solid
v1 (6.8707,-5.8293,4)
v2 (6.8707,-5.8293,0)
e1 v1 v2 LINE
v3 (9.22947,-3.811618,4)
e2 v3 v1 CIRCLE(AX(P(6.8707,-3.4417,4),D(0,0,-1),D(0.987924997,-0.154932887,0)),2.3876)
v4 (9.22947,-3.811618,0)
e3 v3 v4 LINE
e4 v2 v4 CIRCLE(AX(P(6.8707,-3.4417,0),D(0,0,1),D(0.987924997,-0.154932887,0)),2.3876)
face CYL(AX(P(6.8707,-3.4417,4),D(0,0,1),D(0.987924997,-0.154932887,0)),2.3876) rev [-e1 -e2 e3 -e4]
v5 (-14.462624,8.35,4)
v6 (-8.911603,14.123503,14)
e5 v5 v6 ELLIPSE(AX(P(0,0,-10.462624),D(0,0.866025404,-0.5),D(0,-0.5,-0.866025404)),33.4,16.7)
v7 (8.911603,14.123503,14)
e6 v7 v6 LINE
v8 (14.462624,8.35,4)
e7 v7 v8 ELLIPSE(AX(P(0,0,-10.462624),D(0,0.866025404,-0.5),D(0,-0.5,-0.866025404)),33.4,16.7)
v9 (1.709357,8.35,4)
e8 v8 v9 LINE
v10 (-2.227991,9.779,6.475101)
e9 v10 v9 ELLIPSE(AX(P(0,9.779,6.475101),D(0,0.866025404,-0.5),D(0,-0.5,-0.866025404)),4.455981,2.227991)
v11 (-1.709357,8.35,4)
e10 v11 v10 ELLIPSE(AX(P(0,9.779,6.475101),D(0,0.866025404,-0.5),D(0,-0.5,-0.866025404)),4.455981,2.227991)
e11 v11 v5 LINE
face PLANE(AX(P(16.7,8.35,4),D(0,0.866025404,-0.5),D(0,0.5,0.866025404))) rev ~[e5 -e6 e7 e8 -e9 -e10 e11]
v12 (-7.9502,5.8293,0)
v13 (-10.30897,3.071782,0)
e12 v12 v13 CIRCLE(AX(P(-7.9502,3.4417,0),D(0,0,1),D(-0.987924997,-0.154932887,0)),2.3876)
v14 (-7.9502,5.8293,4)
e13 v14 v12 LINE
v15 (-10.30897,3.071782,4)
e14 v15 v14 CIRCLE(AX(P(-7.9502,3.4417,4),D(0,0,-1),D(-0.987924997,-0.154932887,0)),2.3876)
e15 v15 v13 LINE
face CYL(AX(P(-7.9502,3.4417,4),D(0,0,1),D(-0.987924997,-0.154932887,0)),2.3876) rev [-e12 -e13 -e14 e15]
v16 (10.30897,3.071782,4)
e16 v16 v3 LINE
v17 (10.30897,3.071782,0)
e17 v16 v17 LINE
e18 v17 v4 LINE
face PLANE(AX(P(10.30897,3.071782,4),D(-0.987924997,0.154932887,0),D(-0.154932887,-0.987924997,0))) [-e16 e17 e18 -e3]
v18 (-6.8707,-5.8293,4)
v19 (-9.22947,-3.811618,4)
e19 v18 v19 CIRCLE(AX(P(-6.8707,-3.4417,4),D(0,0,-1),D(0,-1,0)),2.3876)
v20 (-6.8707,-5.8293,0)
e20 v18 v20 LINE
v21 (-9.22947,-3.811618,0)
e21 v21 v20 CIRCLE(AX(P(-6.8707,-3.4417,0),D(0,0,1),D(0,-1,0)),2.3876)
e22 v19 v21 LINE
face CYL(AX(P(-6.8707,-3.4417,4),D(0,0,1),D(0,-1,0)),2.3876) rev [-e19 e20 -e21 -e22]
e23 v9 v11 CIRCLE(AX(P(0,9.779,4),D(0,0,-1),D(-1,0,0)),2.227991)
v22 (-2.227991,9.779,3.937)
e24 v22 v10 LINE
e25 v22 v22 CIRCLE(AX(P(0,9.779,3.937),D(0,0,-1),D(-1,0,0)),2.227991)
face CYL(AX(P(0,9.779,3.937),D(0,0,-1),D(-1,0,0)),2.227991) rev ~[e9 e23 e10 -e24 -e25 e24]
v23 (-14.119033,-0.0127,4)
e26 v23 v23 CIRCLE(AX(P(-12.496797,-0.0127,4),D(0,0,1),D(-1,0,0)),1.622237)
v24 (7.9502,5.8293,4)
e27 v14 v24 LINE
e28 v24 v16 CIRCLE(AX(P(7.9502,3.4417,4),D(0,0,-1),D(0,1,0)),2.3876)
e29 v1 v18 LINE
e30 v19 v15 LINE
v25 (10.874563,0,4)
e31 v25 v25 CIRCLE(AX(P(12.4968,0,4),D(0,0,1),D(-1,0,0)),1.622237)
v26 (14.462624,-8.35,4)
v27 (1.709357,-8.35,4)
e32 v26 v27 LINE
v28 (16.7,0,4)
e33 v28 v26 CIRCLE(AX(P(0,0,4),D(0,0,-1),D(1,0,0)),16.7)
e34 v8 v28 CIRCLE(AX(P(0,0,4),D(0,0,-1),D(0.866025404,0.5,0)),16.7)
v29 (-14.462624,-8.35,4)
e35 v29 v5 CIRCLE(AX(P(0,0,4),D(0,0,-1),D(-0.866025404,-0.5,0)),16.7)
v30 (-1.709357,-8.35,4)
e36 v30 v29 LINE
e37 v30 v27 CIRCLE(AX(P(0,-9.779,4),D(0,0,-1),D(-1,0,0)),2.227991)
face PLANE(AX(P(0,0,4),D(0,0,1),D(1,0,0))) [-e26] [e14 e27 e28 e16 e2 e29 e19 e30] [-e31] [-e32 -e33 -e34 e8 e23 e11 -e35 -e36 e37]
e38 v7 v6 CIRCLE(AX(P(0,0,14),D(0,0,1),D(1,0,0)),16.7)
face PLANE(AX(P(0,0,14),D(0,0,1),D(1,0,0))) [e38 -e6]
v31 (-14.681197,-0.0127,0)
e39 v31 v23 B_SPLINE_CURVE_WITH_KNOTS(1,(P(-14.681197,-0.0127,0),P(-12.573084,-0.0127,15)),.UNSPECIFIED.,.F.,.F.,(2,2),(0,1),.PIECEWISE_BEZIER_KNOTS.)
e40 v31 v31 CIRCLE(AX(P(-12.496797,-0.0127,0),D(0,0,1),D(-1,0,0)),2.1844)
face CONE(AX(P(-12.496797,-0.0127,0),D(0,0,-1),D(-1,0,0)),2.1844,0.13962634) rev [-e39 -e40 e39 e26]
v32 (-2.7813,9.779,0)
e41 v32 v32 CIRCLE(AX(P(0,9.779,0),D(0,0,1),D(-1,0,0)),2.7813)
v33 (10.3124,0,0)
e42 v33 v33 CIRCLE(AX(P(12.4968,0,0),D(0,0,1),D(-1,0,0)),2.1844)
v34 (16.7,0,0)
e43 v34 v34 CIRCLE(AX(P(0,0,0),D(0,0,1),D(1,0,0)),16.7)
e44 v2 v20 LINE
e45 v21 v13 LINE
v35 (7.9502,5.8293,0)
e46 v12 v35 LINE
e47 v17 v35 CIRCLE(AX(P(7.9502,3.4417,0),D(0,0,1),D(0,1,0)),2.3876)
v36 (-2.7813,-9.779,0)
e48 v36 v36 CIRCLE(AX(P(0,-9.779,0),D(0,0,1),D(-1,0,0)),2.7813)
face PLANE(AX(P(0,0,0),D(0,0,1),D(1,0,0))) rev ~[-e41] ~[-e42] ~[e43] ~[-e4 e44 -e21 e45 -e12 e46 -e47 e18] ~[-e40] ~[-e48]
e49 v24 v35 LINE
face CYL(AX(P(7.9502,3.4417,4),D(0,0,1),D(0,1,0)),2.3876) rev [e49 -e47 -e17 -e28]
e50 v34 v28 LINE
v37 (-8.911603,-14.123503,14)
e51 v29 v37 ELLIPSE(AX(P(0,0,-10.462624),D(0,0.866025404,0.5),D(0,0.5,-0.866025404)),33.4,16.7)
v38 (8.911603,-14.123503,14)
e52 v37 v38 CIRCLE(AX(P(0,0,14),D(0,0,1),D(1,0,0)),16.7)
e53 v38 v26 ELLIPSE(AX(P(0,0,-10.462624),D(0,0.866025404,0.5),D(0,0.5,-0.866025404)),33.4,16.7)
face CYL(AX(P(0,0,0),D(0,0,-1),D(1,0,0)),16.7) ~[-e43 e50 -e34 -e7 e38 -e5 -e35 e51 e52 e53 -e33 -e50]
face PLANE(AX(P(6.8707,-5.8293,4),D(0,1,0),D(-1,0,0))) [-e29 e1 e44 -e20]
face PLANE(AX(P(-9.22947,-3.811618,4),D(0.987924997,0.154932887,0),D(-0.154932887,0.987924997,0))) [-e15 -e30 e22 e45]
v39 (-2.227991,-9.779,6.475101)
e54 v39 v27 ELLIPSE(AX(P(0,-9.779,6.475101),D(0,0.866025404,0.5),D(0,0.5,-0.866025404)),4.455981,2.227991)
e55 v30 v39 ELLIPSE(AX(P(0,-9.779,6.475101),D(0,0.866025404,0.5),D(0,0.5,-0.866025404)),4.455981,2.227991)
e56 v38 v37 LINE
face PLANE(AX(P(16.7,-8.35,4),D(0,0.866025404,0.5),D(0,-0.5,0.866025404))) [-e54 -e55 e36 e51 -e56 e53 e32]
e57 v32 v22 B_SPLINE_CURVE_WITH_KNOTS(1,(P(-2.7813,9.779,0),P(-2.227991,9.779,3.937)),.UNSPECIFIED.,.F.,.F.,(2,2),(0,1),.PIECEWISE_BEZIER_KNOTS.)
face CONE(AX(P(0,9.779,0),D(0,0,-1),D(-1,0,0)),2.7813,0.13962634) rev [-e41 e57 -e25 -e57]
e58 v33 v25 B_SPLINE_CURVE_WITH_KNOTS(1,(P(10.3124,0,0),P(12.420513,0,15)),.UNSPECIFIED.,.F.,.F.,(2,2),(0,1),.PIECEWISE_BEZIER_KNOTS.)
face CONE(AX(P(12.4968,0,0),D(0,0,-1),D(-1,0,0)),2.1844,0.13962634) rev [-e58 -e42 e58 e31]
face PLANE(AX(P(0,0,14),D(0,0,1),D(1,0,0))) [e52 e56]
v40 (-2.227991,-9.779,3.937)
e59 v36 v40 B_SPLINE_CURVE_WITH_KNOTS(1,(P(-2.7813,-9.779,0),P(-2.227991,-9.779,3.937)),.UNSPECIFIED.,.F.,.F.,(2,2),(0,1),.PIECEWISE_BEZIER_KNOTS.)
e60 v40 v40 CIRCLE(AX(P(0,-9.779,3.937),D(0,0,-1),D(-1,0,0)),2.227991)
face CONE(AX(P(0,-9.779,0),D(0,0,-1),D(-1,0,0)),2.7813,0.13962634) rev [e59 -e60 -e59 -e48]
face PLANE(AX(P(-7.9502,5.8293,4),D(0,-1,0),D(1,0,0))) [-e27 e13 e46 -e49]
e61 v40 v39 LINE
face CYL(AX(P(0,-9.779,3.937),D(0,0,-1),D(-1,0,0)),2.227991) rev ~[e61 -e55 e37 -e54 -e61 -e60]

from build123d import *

# Parameters (mm, degrees)
SKETCH1_R           = 16.7
BOSS_EXTRUDE1_DEPTH = 14
SKETCH2_W           = 38.1
SKETCH2_H           = 12.7
CUT_EXTRUDE1_DEPTH  = 10
CUT_EXTRUDE2_DEPTH  = 5
SKETCH4_R           = 2.1844
CUT_EXTRUDE9_DEPTH  = 15
CUT_EXTRUDE9_TAPER  = 8
CUT_EXTRUDE10_DEPTH = 34.4
SKETCH7_R           = 2.7813
CUT_EXTRUDE11_DEPTH = 3.937
CUT_EXTRUDE11_TAPER = 8
SKETCH8_R           = 2.227990734
CUT_EXTRUDE12_DEPTH = 11.063


with BuildPart() as part:
    # Sketch1 → Boss-Extrude1 (new body)
    with BuildSketch(Plane.XY):
        Circle(SKETCH1_R)
    extrude(amount=BOSS_EXTRUDE1_DEPTH)

    # Sketch2 → Cut-Extrude1 (cut)
    with BuildSketch(Plane.XY.offset(14)):
        Rectangle(SKETCH2_W, SKETCH2_H)
    extrude(amount=-CUT_EXTRUDE1_DEPTH, mode=Mode.SUBTRACT)

    # Sketch3 → Cut-Extrude2 (cut, through all)
    with BuildSketch(Plane.XY.offset(4)):
        with BuildLine():
            ThreePointArc((-6.8707, -5.8293), (-8.422701629, -5.256066199), (-9.229469724, -3.811617761))
            Line((-9.229469724, -3.811617761), (-10.308969724, 3.071782239))
            ThreePointArc((-10.308969724, 3.071782239), (-9.764566199, 4.993701629), (-7.9502, 5.8293))
            Line((-7.9502, 5.8293), (7.9502, 5.8293))
            ThreePointArc((7.9502, 5.8293), (9.764566199, 4.993701629), (10.308969724, 3.071782239))
            Line((10.308969724, 3.071782239), (9.229469724, -3.811617761))
            ThreePointArc((9.229469724, -3.811617761), (8.422701629, -5.256066199), (6.8707, -5.8293))
            Line((6.8707, -5.8293), (-6.8707, -5.8293))
        make_face()
    extrude(amount=-CUT_EXTRUDE2_DEPTH, mode=Mode.SUBTRACT)

    # Sketch4 → Cut-Extrude9 (cut, through all)
    with BuildSketch(Plane(origin=(0, 0, 0), x_dir=(-1, 0, 0), z_dir=(0, 0, -1))):
        with Locations((-12.4968, 0)):
            Circle(SKETCH4_R)
        with Locations((12.496796773, -0.0127)):
            Circle(SKETCH4_R)
    extrude(amount=-CUT_EXTRUDE9_DEPTH, taper=CUT_EXTRUDE9_TAPER, mode=Mode.SUBTRACT)

    # Sketch6 → Cut-Extrude10 (cut, through all)
    with BuildSketch(Plane(origin=(16.7, 0, 0), x_dir=(0, 0, -1), z_dir=(1, 0, 0))):
        Polygon((-4, 8.35), (-14, 14.123502692), (-14, 6.35), (-4, 6.35), align=None)
        Polygon((-4, -6.35), (-4, -8.35), (-14, -14.123502692), (-14, -6.35), align=None)
    extrude(amount=-CUT_EXTRUDE10_DEPTH, mode=Mode.SUBTRACT)

    # Sketch7 → Cut-Extrude11 (cut)
    with BuildSketch(Plane(origin=(0, 0, 0), x_dir=(-1, 0, 0), z_dir=(0, 0, -1))):
        with Locations((0, 9.779)):
            Circle(SKETCH7_R)
        with Locations((0, -9.779)):
            Circle(SKETCH7_R)
    extrude(amount=-CUT_EXTRUDE11_DEPTH, taper=CUT_EXTRUDE11_TAPER, mode=Mode.SUBTRACT)

    # Sketch8 → Cut-Extrude12 (cut, through all)
    with BuildSketch(Plane(origin=(0, 0, 3.937), x_dir=(-1, 0, 0), z_dir=(0, 0, -1))):
        with Locations((0, -9.779)):
            Circle(SKETCH8_R)
        with Locations((0, 9.779)):
            Circle(SKETCH8_R)
    extrude(amount=-CUT_EXTRUDE12_DEPTH, mode=Mode.SUBTRACT)


solid = part.part
